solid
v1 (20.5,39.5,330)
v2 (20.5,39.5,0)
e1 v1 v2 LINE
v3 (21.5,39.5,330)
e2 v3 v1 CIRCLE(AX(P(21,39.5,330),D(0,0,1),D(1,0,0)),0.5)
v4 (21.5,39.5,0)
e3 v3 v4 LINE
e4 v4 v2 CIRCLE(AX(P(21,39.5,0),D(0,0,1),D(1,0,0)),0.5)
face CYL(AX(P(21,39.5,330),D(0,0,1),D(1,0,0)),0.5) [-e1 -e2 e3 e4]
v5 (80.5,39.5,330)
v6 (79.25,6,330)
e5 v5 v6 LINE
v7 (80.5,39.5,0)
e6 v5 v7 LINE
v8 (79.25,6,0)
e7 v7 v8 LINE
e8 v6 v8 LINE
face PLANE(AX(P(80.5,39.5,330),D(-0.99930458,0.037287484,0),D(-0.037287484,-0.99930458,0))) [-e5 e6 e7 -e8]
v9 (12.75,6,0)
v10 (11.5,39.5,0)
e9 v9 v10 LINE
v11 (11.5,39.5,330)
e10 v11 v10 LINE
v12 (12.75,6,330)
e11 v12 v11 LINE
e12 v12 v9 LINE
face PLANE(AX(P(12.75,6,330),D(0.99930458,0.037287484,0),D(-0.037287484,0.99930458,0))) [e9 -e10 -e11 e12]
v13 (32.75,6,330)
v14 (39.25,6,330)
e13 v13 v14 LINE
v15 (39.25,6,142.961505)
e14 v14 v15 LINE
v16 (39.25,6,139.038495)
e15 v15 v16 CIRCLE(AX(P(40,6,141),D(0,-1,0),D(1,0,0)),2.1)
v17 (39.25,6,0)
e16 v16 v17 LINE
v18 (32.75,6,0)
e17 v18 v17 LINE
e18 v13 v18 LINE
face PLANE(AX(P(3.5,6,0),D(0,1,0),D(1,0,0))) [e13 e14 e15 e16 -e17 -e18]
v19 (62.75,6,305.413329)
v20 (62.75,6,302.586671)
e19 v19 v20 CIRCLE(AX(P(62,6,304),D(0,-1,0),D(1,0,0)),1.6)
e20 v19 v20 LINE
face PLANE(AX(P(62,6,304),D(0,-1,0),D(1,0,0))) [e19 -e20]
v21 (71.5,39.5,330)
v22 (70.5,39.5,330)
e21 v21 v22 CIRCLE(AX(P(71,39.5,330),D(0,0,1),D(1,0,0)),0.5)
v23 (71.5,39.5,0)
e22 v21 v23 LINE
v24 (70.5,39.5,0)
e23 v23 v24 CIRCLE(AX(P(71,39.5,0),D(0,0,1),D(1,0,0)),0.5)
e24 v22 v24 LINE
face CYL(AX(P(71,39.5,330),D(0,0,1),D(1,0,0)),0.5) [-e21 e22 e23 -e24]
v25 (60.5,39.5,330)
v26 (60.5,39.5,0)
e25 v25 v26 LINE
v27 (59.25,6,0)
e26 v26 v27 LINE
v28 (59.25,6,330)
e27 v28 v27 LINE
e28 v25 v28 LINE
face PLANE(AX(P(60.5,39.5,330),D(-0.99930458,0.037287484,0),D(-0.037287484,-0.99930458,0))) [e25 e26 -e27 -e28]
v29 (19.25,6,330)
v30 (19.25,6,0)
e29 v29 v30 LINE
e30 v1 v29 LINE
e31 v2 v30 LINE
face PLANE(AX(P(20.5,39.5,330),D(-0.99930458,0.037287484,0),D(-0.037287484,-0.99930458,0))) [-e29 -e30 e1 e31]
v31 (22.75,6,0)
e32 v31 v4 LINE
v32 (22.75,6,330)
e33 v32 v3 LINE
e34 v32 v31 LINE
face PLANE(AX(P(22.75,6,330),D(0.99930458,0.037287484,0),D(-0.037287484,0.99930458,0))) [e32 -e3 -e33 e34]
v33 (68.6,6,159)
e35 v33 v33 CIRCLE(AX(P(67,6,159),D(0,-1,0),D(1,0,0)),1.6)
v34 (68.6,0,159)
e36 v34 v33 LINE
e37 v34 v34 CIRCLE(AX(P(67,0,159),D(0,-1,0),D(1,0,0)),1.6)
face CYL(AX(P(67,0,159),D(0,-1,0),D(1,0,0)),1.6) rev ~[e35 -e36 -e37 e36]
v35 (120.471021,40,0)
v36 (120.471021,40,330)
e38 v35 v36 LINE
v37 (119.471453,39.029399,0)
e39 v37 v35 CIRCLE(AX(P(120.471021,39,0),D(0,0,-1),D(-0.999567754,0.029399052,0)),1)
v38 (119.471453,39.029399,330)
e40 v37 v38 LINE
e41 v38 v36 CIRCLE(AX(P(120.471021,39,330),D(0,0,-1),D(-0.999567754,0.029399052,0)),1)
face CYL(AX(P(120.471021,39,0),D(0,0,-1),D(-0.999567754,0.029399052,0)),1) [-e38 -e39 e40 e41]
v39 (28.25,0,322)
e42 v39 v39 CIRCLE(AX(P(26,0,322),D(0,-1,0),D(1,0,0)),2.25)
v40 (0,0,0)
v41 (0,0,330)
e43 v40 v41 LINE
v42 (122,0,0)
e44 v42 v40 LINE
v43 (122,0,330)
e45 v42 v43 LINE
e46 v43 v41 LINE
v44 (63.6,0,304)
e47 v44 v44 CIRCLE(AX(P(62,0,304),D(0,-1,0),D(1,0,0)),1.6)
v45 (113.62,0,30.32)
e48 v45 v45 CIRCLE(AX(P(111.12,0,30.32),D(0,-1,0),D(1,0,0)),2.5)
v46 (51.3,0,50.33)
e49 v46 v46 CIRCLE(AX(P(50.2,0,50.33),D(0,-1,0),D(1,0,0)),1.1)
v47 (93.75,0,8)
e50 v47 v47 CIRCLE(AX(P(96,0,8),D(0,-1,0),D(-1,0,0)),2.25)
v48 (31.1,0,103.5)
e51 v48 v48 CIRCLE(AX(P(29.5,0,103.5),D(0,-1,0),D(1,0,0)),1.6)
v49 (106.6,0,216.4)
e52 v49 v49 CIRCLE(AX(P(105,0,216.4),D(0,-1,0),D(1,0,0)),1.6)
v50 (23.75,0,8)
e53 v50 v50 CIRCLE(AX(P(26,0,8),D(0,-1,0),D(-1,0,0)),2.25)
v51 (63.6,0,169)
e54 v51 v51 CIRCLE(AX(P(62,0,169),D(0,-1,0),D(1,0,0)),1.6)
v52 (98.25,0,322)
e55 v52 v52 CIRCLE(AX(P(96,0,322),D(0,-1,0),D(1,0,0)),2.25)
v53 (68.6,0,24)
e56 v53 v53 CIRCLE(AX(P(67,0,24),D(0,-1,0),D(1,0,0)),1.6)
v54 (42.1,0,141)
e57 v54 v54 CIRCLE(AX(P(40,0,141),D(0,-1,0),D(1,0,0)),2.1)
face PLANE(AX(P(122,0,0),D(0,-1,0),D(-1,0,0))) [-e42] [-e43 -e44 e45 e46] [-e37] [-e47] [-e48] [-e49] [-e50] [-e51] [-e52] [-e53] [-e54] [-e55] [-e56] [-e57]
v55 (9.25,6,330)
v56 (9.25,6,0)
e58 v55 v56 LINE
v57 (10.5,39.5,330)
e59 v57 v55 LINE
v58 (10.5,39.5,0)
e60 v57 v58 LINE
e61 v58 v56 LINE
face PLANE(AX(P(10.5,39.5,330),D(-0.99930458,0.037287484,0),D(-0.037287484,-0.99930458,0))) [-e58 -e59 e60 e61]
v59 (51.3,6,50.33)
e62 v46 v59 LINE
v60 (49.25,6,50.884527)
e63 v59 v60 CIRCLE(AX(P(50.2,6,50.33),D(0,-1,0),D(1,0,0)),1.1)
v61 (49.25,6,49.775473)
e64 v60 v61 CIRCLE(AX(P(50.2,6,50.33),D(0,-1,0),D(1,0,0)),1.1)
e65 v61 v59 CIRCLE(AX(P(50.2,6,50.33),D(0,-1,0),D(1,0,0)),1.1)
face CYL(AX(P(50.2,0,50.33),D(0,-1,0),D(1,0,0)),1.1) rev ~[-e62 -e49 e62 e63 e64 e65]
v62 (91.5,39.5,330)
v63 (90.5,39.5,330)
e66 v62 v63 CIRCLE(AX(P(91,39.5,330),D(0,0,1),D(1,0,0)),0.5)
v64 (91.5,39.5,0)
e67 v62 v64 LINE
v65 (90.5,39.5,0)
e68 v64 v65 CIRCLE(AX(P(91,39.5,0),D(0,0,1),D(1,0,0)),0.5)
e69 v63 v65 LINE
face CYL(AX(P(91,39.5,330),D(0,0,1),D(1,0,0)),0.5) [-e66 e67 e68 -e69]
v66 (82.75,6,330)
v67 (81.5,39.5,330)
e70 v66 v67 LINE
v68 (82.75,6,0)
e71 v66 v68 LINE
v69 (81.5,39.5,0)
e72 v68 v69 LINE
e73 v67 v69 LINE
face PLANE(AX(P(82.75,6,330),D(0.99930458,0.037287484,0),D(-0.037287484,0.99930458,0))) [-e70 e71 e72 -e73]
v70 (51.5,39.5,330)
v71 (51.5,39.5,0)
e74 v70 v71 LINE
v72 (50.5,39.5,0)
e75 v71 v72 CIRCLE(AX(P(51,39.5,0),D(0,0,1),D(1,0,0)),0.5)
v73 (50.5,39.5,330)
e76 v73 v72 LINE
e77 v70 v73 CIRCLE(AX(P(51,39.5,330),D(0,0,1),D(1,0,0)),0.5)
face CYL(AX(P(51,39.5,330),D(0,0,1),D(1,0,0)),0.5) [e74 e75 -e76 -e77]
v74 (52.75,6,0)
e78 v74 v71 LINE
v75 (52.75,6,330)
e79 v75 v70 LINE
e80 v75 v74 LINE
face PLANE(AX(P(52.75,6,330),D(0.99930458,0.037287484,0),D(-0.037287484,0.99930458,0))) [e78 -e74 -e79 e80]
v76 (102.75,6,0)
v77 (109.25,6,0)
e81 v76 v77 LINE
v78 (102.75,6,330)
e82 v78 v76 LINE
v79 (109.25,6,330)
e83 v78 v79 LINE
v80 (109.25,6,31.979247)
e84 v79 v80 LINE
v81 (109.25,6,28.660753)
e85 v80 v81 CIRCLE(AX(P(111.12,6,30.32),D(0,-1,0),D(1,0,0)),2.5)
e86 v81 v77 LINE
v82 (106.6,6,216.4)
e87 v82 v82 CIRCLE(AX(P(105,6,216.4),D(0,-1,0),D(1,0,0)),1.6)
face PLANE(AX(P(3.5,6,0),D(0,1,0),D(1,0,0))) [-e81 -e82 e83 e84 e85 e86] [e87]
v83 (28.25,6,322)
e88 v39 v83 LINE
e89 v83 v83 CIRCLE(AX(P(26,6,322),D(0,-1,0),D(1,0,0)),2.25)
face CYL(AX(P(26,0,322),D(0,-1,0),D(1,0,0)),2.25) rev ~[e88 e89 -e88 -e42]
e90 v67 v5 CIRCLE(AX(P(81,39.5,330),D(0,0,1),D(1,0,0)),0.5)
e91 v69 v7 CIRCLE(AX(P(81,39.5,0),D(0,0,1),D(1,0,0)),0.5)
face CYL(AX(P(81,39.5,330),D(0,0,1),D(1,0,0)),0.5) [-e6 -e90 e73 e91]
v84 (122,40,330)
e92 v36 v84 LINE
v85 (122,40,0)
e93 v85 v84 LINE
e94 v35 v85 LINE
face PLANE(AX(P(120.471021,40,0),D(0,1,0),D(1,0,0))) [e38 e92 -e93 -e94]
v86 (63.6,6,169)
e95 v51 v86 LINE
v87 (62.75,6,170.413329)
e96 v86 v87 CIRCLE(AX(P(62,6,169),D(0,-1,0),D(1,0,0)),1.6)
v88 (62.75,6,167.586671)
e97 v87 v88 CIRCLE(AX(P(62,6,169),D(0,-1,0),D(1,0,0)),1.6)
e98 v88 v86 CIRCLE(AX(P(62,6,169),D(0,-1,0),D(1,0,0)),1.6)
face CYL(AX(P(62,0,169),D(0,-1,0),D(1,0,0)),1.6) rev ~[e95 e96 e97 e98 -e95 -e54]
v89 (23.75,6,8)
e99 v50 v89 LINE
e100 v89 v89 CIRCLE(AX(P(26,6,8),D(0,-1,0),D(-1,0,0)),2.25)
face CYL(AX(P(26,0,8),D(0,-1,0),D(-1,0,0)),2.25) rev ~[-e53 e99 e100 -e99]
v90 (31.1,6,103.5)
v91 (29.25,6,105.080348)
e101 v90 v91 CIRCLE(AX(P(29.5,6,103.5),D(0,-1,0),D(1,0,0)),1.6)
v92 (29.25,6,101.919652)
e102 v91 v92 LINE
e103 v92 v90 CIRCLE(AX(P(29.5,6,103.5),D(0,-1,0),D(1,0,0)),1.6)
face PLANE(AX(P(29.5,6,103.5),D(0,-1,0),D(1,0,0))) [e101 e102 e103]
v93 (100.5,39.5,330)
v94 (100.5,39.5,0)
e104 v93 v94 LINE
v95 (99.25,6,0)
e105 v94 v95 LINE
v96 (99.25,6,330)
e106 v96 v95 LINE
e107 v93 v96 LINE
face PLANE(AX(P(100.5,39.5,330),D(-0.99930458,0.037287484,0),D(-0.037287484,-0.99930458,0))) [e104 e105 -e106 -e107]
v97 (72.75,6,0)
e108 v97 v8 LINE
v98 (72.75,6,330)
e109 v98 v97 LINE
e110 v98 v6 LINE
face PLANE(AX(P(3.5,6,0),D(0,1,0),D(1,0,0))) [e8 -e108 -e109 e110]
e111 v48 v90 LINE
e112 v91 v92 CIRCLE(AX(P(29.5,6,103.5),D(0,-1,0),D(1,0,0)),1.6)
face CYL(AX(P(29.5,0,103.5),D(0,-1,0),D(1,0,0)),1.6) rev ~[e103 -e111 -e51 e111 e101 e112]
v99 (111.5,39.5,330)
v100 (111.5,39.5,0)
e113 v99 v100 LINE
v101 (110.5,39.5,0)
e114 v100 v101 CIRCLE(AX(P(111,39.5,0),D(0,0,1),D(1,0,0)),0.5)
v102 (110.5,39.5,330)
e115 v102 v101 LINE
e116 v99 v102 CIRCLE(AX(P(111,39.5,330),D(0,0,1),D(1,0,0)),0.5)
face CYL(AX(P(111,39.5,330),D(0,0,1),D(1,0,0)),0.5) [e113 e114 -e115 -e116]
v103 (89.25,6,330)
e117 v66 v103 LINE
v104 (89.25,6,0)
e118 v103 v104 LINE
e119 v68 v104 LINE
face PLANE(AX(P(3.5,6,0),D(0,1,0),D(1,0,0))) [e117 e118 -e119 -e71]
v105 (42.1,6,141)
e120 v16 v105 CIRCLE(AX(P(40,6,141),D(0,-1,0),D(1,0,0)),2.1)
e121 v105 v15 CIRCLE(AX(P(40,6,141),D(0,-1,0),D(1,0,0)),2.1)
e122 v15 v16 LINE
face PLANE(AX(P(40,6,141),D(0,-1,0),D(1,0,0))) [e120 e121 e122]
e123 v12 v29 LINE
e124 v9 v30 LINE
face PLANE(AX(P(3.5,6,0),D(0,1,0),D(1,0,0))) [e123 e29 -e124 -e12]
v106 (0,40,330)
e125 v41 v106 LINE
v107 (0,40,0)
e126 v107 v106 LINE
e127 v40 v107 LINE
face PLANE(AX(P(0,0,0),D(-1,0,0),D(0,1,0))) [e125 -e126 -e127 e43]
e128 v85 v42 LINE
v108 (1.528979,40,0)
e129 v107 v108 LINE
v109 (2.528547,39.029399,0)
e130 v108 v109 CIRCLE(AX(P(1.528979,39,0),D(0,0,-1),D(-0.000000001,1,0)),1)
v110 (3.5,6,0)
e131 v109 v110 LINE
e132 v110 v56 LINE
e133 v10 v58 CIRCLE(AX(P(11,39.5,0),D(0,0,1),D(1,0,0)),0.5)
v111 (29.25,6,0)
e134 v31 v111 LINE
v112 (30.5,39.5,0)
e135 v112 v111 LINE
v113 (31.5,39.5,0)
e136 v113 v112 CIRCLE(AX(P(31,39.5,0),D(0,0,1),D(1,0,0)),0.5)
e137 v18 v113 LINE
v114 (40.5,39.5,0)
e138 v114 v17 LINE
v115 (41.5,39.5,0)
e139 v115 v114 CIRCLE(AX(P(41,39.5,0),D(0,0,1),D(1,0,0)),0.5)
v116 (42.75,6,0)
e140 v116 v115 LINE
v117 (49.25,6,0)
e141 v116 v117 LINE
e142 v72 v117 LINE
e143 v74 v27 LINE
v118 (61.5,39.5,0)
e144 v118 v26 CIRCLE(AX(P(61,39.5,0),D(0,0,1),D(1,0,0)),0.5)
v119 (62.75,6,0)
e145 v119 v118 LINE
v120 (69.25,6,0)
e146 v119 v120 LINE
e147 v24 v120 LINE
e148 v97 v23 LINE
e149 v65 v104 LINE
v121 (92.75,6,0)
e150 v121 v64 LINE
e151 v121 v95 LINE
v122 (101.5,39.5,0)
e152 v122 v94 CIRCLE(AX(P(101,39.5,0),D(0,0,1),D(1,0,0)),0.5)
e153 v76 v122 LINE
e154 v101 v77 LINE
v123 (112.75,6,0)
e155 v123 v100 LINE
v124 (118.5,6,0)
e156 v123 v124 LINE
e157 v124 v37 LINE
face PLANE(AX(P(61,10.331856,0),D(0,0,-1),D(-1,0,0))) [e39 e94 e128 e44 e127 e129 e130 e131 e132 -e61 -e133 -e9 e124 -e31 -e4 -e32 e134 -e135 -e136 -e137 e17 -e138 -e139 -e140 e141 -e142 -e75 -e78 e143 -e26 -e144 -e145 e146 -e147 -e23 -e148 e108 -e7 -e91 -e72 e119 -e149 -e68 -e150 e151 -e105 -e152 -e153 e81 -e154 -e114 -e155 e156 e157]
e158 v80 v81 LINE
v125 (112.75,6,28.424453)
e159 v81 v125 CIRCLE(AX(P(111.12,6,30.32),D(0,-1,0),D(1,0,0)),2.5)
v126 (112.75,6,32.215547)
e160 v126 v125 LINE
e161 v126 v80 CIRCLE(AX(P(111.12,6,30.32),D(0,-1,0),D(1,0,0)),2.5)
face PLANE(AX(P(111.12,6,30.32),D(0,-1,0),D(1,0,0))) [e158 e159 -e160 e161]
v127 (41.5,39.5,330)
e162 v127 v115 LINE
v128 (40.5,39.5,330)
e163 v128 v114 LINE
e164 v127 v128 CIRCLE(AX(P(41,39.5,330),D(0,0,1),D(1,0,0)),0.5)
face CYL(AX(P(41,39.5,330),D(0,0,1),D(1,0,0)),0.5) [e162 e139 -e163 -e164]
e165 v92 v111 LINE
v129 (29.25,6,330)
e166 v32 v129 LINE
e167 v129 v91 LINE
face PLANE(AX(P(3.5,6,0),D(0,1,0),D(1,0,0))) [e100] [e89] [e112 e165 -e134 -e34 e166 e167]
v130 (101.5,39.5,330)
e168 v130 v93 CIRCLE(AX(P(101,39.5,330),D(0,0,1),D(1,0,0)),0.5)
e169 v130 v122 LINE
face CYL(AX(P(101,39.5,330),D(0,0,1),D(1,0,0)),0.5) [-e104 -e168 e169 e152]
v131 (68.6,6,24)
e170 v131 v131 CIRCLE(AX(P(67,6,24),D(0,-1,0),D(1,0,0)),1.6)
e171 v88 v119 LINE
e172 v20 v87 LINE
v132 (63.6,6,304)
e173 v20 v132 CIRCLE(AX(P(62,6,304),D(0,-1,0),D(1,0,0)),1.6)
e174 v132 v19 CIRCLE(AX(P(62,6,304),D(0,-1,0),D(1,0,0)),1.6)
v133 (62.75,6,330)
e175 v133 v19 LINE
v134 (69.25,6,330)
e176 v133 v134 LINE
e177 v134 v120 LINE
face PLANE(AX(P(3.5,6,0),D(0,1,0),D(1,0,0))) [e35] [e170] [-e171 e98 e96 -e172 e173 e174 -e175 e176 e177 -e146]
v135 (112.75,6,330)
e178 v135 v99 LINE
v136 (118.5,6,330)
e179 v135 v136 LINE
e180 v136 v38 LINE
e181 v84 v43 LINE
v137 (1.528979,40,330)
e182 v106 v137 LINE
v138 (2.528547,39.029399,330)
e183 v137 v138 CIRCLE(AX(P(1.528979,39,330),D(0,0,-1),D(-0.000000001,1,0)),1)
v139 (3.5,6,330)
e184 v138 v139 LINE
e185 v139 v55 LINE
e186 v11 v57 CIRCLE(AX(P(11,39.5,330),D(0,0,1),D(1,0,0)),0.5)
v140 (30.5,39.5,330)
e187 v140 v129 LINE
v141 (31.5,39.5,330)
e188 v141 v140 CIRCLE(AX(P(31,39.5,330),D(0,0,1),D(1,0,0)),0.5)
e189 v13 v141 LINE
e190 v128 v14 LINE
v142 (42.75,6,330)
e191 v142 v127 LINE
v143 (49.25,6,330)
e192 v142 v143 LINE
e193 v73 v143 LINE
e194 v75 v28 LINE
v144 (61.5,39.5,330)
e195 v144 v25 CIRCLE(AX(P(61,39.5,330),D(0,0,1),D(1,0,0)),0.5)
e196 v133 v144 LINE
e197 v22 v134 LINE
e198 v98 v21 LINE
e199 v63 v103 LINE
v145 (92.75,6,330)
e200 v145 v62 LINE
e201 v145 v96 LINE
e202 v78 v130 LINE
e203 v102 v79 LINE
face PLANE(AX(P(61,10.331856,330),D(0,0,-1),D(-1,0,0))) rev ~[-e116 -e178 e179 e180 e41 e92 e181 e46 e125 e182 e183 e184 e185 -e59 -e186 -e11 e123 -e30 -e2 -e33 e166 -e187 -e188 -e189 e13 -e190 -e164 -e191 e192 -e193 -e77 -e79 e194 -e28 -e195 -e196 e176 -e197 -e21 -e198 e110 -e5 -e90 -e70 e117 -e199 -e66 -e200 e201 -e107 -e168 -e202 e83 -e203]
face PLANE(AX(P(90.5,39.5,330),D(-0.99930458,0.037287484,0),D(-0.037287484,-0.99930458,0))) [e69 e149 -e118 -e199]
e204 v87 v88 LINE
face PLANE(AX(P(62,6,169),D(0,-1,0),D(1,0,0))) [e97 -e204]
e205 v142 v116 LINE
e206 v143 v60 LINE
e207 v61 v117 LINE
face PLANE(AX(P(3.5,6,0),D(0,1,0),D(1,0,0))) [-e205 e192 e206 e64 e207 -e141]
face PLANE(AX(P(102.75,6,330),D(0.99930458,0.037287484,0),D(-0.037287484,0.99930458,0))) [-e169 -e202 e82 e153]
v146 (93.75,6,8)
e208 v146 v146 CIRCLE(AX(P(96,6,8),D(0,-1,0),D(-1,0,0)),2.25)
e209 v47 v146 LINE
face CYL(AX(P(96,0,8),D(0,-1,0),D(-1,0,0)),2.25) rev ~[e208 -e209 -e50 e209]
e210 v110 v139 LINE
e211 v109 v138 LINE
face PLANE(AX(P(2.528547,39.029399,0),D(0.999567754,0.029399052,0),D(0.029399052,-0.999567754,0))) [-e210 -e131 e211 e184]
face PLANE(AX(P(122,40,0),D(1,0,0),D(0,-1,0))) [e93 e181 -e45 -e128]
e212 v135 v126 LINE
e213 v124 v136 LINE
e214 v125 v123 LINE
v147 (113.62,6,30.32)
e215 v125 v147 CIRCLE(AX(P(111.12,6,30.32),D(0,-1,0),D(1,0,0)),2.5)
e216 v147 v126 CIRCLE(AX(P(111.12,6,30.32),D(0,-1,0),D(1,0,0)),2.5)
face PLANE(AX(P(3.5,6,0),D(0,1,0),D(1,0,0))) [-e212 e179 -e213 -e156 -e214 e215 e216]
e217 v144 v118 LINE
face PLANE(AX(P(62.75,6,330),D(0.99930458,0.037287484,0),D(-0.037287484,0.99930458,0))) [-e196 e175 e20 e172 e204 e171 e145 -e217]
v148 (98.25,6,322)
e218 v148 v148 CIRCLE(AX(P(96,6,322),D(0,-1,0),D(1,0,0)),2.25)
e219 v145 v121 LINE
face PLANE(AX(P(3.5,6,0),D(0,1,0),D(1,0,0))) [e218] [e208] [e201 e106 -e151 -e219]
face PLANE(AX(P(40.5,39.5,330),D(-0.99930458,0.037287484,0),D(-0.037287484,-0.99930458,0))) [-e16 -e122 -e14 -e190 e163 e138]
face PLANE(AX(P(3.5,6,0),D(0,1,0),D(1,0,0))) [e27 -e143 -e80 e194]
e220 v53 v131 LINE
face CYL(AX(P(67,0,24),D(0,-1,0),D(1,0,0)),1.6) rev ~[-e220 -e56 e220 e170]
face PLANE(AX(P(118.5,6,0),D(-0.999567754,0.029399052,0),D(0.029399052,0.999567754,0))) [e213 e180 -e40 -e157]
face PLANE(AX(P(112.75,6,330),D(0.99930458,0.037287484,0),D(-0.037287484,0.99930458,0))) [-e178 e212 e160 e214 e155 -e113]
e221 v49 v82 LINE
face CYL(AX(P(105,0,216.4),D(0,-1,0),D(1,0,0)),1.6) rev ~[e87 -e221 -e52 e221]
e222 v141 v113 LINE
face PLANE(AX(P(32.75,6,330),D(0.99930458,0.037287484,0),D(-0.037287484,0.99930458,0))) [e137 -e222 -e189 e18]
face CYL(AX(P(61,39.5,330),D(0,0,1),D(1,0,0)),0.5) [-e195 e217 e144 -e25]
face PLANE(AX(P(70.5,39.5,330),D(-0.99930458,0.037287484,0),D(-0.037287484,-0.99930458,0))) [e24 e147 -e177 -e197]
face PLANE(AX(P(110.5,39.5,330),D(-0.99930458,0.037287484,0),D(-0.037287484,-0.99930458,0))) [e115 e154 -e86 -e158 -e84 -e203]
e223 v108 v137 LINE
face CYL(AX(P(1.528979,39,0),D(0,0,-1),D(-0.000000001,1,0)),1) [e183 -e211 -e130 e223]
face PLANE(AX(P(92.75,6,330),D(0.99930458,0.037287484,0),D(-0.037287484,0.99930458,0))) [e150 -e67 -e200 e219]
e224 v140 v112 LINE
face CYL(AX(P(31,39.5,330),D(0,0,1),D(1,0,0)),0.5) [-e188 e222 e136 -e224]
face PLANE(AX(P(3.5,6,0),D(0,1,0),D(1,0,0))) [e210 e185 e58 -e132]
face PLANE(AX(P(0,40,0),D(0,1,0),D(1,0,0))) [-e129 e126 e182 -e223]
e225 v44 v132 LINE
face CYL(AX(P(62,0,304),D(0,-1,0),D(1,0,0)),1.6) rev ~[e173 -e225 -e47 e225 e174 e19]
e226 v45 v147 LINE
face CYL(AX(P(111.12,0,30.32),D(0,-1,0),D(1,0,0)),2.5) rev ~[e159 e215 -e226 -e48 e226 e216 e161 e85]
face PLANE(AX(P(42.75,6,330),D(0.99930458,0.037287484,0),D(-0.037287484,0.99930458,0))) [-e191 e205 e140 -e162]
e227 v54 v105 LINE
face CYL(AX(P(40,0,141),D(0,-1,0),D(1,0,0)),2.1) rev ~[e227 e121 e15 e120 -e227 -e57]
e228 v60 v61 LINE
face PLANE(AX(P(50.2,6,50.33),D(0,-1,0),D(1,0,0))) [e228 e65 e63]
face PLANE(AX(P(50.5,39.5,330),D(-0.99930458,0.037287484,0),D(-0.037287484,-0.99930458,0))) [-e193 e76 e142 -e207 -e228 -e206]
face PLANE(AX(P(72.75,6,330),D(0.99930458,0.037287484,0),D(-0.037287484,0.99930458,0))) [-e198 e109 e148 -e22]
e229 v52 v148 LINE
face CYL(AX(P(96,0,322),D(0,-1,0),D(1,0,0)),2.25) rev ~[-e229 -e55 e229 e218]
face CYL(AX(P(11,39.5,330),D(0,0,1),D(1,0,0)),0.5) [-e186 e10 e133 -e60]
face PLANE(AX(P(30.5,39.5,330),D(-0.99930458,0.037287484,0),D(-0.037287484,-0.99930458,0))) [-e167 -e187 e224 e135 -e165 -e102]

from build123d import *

# Parameters (mm, degrees)
EXTRUDE_1_DEPTH       = 330
EXTRUDE_3_DEPTH       = 330
PATTERN_CURVE_1_COUNT = 11
PATTERN_CURVE_1_PITCH = 10
SKETCH_3_R            = 2.25
CUT_EXTRUDE_1_DEPTH   = 6
SKETCH_4_R            = 1.6
SKETCH_4_R_2          = 2.1
SKETCH_4_R_3          = 2.5
SKETCH_4_R_4          = 1.1
CUT_EXTRUDE_2_DEPTH   = 6


with BuildPart() as part:
    # Эскиз1 → Вытянуть1 (new body)
    with BuildSketch(Plane.XY):
        with BuildLine():
            Line((0, 40), (1.528979332, 40))
            ThreePointArc((1.528979332, 40), (2.225614441, 39.717425624), (2.528547087, 39.029399052))
            Line((2.528547087, 39.029399052), (3.5, 6))
            Line((3.5, 6), (118.5, 6))
            Line((118.5, 6), (119.471452913, 39.029399052))
            ThreePointArc((119.471452913, 39.029399052), (119.774385559, 39.717425624), (120.471020668, 40))
            Line((120.471020668, 40), (122, 40))
            Line((122, 40), (122, 0))
            Line((122, 0), (0, 0))
            Line((0, 0), (0, 40))
        make_face()
    extrude(amount=EXTRUDE_1_DEPTH)

    # Эскиз2 → Вытянуть3 (add)
    with BuildSketch(Plane.XY.offset(330)):
        with BuildLine():
            Line((10.5, 39.5), (9.25, 6))
            Line((9.25, 6), (12.75, 6))
            Line((12.75, 6), (11.5, 39.5))
            ThreePointArc((11.5, 39.5), (11, 40), (10.5, 39.5))
        make_face()
    extrude_3 = extrude(amount=-EXTRUDE_3_DEPTH)

    # Кривая1: Вытянуть3 ×11
    with Locations(*[(i * PATTERN_CURVE_1_PITCH, 0, 0) for i in range(1, PATTERN_CURVE_1_COUNT)]):
        add(extrude_3)

    # Эскиз3 → Вырез-Вытянуть1 (cut)
    with BuildSketch(Plane.XZ):
        with Locations((26, 322)):
            Circle(SKETCH_3_R)
        with Locations((96, 322)):
            Circle(SKETCH_3_R)
        with Locations(Location((96, 8, 0), (0, 0, 180))):
            Circle(SKETCH_3_R)
        with Locations(Location((26, 8, 0), (0, 0, 180))):
            Circle(SKETCH_3_R)
    extrude(amount=-CUT_EXTRUDE_1_DEPTH, mode=Mode.SUBTRACT)

    # Эскиз4 → Вырез-Вытянуть2 (cut)
    with BuildSketch(Plane(origin=(1.487985642, 0, 27.400529356), x_dir=(1, 0, 0), z_dir=(0, -1, 0))):
        with Locations((65.512014358, 131.599470644)):
            Circle(SKETCH_4_R)
        with Locations((103.512014358, 188.999470644)):
            Circle(SKETCH_4_R)
        with Locations((60.512014358, 276.599470644)):
            Circle(SKETCH_4_R)
        with Locations((60.512014358, 141.599470644)):
            Circle(SKETCH_4_R)
        with Locations((65.512014358, -3.400529356)):
            Circle(SKETCH_4_R)
        with Locations((38.512014358, 113.599470644)):
            Circle(SKETCH_4_R_2)
        with Locations((109.632014358, 2.919470644)):
            Circle(SKETCH_4_R_3)
        with Locations((28.012014358, 76.099470644)):
            Circle(SKETCH_4_R)
        with Locations((48.712014358, 22.929470644)):
            Circle(SKETCH_4_R_4)
    extrude(amount=-CUT_EXTRUDE_2_DEPTH, mode=Mode.SUBTRACT)


solid = part.part
